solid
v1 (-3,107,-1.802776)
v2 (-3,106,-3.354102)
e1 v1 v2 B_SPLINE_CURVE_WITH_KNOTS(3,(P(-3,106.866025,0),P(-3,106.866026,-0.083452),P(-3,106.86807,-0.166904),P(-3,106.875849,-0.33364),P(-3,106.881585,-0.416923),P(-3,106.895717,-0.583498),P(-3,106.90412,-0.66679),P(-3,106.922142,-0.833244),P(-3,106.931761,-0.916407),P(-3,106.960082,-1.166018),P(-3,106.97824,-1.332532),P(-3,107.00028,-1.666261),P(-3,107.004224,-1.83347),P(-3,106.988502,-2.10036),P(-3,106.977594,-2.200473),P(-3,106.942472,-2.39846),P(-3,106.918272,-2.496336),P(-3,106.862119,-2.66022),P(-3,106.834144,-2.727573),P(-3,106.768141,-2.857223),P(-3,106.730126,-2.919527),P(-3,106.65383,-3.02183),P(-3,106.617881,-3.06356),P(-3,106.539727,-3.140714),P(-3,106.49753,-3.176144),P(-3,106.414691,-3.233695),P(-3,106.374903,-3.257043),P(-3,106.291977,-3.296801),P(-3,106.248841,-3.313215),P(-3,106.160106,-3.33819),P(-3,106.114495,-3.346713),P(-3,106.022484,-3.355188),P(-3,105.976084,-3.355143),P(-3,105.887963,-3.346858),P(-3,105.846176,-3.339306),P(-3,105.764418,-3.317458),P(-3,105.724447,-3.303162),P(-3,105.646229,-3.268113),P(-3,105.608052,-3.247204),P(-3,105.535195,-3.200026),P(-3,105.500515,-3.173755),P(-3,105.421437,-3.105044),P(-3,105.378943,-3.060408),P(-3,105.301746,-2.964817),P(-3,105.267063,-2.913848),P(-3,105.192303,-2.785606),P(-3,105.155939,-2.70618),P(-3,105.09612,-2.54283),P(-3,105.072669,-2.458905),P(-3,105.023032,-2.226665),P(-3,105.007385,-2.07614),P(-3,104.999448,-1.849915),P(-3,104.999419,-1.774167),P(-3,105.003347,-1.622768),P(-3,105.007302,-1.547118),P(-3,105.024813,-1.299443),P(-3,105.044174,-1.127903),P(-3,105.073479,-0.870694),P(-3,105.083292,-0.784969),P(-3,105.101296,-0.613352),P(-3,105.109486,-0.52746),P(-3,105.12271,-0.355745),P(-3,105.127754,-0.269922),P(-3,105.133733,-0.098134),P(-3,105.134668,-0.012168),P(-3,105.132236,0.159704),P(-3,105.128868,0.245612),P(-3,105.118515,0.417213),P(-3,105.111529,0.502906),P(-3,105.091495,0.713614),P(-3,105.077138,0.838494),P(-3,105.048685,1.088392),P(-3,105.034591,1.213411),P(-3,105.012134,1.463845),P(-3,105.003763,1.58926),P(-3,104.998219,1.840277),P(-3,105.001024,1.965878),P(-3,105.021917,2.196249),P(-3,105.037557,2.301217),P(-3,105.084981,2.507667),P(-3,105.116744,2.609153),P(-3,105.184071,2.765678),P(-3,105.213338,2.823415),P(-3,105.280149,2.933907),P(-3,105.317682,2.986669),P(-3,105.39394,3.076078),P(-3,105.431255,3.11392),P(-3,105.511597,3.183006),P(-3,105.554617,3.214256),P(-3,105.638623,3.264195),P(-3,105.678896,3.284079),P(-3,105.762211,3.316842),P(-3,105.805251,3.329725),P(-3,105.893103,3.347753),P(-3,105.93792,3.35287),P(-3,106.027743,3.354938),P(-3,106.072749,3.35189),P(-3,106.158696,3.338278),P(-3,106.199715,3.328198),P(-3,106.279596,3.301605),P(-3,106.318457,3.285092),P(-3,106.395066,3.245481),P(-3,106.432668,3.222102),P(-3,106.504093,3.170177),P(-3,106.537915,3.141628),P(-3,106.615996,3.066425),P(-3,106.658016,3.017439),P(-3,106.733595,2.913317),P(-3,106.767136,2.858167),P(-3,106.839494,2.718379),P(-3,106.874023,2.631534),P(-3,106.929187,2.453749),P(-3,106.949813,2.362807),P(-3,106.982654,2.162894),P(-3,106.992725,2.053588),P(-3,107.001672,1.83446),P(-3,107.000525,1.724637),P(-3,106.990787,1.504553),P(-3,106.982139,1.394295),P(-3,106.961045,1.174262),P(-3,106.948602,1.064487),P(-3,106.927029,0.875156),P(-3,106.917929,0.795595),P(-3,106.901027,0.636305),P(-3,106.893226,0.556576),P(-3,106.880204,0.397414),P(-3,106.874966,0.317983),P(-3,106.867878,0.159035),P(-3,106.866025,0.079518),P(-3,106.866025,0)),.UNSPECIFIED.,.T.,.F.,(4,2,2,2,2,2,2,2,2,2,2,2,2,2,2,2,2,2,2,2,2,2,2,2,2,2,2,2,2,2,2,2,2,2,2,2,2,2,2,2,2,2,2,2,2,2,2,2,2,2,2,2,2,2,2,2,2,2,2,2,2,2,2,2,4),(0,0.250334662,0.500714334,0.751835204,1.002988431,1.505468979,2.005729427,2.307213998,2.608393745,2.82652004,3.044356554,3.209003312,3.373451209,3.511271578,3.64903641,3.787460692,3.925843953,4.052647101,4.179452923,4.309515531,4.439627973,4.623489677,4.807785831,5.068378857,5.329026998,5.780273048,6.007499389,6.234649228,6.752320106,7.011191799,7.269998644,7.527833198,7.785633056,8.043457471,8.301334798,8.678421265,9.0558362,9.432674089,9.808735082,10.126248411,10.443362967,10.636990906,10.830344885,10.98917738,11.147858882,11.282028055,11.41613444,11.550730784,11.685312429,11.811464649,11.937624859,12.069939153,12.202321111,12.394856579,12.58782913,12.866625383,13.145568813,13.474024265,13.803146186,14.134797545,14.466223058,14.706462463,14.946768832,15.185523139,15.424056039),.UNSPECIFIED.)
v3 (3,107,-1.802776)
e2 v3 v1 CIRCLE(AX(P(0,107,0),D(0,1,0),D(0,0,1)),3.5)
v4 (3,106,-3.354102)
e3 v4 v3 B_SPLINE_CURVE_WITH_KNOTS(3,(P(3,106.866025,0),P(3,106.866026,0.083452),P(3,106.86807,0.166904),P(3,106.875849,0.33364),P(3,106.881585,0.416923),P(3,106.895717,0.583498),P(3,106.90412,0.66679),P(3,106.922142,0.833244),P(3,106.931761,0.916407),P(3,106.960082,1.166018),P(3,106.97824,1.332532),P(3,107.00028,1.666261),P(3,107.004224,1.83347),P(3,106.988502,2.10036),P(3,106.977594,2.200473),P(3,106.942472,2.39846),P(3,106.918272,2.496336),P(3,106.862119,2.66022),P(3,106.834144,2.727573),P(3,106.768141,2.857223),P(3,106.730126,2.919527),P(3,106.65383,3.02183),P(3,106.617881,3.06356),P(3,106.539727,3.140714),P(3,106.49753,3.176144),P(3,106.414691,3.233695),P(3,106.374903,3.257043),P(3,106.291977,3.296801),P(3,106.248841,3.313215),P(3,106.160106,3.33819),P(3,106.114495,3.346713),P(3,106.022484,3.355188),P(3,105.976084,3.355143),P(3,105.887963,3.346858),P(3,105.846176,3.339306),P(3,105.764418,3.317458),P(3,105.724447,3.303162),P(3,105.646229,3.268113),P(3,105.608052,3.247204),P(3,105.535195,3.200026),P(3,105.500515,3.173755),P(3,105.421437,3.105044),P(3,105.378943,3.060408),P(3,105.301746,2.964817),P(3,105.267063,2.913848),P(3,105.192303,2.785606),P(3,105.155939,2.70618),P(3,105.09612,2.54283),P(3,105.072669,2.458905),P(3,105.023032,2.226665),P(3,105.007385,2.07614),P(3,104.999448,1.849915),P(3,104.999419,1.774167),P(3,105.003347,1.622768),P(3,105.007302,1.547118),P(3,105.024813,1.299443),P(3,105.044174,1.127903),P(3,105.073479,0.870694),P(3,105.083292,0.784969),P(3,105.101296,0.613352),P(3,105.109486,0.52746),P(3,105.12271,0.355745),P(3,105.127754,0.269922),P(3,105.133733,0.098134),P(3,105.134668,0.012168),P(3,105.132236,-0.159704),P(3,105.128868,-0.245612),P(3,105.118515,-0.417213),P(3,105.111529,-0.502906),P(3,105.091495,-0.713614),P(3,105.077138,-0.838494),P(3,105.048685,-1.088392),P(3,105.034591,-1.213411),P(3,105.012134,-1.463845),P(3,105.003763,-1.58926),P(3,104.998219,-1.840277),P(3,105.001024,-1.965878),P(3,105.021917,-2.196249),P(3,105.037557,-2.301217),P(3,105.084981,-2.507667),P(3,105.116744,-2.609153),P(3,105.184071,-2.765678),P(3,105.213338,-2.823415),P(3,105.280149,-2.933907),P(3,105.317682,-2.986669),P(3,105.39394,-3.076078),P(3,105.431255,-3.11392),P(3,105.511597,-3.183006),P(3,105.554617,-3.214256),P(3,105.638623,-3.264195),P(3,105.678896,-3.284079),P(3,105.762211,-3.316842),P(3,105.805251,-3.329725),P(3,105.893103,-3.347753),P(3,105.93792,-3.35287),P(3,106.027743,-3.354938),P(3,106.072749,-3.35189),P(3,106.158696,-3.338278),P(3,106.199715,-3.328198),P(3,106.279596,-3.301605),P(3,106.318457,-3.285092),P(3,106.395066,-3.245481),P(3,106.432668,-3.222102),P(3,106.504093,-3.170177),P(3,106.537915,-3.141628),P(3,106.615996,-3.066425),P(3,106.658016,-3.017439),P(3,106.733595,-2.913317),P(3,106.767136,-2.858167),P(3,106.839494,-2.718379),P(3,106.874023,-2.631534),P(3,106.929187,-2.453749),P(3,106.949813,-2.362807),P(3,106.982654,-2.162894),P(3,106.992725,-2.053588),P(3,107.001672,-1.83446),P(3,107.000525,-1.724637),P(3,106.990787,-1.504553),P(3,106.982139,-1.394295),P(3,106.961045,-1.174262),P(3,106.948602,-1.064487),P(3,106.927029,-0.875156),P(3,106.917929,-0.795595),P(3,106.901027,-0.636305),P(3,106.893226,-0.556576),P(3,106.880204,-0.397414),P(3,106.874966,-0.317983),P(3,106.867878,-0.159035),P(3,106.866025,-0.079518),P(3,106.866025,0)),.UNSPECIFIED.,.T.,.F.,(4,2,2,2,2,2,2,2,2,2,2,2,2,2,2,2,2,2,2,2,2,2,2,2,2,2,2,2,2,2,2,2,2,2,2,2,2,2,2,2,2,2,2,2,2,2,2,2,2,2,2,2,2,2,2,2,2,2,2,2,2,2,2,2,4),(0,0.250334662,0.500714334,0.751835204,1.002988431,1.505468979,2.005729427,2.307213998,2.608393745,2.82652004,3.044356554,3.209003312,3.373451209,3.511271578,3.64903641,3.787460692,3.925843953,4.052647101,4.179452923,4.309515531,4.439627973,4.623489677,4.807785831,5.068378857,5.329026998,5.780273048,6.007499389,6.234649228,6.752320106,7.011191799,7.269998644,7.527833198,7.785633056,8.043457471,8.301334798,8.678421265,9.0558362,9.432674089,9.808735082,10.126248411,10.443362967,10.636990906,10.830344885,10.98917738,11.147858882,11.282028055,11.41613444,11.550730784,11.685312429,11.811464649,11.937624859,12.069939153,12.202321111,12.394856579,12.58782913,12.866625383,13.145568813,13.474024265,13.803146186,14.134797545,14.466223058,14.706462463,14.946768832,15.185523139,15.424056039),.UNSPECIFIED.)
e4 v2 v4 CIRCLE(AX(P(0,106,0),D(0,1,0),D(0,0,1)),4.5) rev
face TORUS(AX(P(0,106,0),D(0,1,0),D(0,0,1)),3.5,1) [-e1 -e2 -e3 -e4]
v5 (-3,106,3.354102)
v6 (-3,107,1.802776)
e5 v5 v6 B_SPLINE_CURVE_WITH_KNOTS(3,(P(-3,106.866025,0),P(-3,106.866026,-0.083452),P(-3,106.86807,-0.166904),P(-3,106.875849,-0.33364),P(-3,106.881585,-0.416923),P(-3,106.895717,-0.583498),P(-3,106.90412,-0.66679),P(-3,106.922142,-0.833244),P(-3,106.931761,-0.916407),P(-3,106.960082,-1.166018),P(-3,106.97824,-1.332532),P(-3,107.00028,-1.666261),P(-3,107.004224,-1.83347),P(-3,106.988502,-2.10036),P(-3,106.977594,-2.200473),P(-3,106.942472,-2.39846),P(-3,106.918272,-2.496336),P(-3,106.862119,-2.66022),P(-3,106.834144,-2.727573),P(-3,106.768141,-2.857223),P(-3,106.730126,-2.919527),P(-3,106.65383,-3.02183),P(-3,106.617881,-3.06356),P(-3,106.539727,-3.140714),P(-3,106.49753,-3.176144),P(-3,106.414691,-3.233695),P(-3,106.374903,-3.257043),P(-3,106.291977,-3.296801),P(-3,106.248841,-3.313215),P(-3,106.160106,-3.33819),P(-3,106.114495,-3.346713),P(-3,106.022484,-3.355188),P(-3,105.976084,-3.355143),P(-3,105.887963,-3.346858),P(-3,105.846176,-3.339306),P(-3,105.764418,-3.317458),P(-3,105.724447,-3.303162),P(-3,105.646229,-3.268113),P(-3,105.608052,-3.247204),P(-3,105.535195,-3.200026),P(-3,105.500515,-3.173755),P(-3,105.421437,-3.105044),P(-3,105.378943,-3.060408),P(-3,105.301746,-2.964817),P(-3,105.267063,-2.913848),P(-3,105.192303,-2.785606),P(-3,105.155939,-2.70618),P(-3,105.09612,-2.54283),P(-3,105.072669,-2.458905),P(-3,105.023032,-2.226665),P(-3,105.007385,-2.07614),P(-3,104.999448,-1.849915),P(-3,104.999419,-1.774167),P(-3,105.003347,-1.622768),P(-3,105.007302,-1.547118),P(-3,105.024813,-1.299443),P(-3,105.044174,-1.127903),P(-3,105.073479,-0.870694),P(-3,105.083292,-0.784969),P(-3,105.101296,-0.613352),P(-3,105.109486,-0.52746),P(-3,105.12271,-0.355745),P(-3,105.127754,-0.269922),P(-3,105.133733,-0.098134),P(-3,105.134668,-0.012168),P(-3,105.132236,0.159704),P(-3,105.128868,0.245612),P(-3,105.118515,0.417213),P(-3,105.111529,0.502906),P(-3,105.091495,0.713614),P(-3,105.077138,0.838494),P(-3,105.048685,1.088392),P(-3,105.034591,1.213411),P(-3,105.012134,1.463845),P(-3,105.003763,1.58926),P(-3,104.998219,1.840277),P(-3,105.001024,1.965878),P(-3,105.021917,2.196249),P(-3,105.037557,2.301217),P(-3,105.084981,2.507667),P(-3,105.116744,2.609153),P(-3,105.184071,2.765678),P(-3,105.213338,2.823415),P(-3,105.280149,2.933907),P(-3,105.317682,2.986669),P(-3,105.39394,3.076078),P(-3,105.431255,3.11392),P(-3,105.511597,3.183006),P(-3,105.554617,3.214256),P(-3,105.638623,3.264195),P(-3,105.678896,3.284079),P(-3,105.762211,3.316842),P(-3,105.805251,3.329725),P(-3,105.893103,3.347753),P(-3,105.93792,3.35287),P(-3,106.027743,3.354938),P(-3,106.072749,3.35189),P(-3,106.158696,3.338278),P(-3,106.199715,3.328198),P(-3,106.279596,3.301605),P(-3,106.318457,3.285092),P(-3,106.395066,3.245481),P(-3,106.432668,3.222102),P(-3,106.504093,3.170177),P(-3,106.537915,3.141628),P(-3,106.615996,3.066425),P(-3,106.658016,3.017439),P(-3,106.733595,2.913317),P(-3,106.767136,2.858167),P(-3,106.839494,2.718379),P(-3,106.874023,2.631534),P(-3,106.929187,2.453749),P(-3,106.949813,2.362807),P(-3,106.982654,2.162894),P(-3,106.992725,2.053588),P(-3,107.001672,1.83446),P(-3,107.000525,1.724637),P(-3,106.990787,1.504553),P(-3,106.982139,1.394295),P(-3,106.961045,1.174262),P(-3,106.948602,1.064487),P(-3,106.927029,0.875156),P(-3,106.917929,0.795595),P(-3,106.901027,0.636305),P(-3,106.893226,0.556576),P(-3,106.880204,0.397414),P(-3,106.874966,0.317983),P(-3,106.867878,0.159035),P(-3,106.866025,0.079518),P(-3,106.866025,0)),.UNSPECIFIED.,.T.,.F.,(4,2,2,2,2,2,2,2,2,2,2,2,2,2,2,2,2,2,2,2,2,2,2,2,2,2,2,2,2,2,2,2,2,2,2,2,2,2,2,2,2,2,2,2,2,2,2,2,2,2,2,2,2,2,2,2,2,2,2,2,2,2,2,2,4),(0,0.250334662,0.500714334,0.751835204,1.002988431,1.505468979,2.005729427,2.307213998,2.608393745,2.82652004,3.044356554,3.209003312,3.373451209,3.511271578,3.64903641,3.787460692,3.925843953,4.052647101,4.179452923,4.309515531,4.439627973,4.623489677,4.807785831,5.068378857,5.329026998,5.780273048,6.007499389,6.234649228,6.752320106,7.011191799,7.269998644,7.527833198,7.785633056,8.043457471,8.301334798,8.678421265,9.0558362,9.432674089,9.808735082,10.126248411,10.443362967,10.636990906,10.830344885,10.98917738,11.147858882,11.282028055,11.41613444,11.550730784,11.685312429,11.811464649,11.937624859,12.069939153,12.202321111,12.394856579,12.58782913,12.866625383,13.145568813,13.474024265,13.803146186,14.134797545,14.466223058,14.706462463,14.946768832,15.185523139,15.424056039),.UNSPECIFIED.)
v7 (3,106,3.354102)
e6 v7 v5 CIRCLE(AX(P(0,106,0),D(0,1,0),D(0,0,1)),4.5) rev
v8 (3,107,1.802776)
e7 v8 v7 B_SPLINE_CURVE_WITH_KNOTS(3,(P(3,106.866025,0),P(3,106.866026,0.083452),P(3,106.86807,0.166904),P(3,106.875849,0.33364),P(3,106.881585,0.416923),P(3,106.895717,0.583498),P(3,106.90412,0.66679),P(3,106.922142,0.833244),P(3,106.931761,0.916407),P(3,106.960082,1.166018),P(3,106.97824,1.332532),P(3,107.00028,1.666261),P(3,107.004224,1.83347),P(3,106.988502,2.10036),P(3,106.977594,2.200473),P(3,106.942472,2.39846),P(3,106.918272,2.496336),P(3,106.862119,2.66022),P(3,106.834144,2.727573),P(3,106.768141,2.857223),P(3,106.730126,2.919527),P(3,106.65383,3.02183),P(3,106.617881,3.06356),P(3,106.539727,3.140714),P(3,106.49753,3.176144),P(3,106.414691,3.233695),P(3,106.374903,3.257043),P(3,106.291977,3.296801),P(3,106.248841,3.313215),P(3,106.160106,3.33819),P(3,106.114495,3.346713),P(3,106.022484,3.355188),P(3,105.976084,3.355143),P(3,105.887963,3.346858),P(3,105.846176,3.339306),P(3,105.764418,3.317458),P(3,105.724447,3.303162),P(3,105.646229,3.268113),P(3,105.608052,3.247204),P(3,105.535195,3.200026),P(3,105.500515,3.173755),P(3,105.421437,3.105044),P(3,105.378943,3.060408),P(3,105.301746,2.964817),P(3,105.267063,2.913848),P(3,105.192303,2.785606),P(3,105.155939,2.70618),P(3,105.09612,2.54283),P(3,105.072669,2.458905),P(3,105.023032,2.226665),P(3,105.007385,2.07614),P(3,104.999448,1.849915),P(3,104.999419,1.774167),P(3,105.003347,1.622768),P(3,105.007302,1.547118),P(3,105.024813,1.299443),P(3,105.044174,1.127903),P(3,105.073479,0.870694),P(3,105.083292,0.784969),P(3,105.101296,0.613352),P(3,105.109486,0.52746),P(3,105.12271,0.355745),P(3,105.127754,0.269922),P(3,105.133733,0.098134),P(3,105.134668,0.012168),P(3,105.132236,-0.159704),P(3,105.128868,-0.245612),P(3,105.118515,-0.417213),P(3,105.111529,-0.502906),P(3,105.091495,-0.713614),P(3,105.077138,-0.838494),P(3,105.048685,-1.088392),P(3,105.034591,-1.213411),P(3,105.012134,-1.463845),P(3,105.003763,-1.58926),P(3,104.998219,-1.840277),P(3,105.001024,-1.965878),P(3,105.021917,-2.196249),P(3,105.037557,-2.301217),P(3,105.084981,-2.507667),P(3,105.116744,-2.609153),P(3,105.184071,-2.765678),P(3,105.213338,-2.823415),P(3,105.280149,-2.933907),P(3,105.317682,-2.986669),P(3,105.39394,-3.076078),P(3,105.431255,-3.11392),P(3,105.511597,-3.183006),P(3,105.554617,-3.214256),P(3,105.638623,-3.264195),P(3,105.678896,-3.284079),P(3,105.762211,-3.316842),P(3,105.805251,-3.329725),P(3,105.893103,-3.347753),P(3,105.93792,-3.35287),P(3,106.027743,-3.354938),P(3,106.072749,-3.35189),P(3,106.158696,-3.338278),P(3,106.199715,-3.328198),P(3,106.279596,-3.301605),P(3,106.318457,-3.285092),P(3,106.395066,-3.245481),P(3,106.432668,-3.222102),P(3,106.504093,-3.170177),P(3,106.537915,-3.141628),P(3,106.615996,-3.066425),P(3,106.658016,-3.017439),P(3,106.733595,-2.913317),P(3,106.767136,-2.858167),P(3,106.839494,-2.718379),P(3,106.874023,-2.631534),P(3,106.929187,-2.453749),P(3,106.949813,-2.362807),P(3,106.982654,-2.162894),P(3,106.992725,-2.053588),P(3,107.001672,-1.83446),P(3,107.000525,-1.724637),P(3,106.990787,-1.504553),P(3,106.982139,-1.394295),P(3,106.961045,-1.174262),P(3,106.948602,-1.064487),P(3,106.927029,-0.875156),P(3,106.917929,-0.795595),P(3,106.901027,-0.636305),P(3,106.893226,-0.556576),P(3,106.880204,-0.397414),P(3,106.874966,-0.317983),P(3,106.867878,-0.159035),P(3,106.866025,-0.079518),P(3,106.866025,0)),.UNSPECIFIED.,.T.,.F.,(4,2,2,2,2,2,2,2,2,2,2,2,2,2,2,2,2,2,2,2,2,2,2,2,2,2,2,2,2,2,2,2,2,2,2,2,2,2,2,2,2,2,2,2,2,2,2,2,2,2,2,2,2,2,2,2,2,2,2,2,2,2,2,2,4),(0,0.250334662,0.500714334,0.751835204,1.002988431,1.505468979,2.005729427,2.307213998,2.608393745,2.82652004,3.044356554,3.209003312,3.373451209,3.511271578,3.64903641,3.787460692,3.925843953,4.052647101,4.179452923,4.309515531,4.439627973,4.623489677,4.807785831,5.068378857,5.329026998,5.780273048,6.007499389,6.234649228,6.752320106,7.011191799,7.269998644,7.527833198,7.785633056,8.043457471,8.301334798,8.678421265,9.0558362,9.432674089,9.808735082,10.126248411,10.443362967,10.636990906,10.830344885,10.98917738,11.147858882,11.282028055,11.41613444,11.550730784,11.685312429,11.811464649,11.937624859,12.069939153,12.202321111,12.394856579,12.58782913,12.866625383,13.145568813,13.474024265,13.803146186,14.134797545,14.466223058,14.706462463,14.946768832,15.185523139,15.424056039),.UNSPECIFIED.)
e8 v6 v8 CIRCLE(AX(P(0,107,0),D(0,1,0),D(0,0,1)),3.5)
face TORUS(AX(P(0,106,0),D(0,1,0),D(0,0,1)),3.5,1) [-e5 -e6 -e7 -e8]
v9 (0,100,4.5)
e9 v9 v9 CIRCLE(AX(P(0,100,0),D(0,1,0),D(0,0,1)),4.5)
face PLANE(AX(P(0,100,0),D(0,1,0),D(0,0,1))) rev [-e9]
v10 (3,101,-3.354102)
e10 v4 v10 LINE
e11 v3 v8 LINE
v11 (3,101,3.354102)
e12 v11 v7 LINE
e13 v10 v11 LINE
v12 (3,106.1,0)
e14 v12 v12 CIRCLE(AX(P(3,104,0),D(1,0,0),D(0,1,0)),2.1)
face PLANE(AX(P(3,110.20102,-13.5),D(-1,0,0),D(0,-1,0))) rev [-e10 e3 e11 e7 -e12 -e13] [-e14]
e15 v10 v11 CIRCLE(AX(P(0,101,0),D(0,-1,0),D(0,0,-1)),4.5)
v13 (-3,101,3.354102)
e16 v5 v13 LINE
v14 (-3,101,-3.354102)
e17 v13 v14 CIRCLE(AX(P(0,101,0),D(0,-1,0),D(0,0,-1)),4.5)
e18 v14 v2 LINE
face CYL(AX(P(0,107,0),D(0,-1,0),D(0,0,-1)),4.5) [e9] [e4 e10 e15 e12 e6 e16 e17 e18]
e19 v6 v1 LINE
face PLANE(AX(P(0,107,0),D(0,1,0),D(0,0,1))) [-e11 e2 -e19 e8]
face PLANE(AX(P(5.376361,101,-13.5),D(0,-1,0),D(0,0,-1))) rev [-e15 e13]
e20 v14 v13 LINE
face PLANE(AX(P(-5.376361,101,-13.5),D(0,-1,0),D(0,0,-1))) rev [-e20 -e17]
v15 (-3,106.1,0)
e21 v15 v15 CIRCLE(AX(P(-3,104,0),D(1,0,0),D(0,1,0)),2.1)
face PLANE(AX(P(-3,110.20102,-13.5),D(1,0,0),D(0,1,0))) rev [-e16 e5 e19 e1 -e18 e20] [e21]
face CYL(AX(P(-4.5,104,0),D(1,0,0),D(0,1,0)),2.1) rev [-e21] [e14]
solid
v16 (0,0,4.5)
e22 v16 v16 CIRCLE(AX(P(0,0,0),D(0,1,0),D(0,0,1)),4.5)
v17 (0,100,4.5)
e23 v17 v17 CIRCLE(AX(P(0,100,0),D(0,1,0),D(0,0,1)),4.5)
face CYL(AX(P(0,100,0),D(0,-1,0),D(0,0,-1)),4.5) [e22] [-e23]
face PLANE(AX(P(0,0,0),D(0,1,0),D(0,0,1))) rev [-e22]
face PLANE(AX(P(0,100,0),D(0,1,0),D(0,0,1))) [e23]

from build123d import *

# Parameters (mm, degrees)
SKETCH_1_R          = 4.5
EXTRUDE_1_DEPTH     = 100
SKETCH_2_R          = 4.5
EXTRUDE_2_DEPTH     = 7
FILLET_1_R          = 1
SKETCH_3_W          = 2.376360743
SKETCH_3_H          = 9.201019787
CUT_EXTRUDE_3_DEPTH = 13.5
SKETCH_4_R          = 2.1
CUT_EXTRUDE_4_DEPTH = 108.356881579


with BuildPart() as part:
    # Эскиз1 → Вытянуть1 (new body)
    with BuildSketch(Plane(origin=(0, 0, 0), x_dir=(1, 0, 0), z_dir=(0, 1, 0))):
        with Locations(Location((0, 0, 0), (0, 0, 270))):
            Circle(SKETCH_1_R)
    extrude(amount=EXTRUDE_1_DEPTH)


with BuildPart() as body_2:
    # Эскиз2 → Вытянуть2 (new body)
    with BuildSketch(Plane(origin=(0, 100, 0), x_dir=(1, 0, 0), z_dir=(0, 1, 0))):
        with Locations(Location((0, 0, 0), (0, 0, 270))):
            Circle(SKETCH_2_R)
    extrude(amount=EXTRUDE_2_DEPTH)

    # Скругление1
    fillet_1_edges = [body_2.edges().sort_by_distance(p)[0] for p in [
        (0, 107, -4.5),
    ]]
    fillet(fillet_1_edges, radius=FILLET_1_R)

    # Эскиз3 → Вытянуть3 (cut, symmetric)
    with BuildSketch(Plane.XY):
        with Locations((-4.188180371, 105.600509894)):
            Rectangle(SKETCH_3_W, SKETCH_3_H)
        with Locations((4.188180371, 105.600509894)):
            Rectangle(SKETCH_3_W, SKETCH_3_H)
    extrude(amount=CUT_EXTRUDE_3_DEPTH, both=True, mode=Mode.SUBTRACT)

    # Эскиз4 → Вытянуть4 (cut, through all)
    with BuildSketch(Plane(origin=(3, 0, 0), x_dir=(0, 0, -1), z_dir=(1, 0, 0))):
        with Locations(Location((0, 104, 0), (0, 0, 90))):
            Circle(SKETCH_4_R)
    extrude(amount=-CUT_EXTRUDE_4_DEPTH, mode=Mode.SUBTRACT)


solid = Compound([part.part, body_2.part])
